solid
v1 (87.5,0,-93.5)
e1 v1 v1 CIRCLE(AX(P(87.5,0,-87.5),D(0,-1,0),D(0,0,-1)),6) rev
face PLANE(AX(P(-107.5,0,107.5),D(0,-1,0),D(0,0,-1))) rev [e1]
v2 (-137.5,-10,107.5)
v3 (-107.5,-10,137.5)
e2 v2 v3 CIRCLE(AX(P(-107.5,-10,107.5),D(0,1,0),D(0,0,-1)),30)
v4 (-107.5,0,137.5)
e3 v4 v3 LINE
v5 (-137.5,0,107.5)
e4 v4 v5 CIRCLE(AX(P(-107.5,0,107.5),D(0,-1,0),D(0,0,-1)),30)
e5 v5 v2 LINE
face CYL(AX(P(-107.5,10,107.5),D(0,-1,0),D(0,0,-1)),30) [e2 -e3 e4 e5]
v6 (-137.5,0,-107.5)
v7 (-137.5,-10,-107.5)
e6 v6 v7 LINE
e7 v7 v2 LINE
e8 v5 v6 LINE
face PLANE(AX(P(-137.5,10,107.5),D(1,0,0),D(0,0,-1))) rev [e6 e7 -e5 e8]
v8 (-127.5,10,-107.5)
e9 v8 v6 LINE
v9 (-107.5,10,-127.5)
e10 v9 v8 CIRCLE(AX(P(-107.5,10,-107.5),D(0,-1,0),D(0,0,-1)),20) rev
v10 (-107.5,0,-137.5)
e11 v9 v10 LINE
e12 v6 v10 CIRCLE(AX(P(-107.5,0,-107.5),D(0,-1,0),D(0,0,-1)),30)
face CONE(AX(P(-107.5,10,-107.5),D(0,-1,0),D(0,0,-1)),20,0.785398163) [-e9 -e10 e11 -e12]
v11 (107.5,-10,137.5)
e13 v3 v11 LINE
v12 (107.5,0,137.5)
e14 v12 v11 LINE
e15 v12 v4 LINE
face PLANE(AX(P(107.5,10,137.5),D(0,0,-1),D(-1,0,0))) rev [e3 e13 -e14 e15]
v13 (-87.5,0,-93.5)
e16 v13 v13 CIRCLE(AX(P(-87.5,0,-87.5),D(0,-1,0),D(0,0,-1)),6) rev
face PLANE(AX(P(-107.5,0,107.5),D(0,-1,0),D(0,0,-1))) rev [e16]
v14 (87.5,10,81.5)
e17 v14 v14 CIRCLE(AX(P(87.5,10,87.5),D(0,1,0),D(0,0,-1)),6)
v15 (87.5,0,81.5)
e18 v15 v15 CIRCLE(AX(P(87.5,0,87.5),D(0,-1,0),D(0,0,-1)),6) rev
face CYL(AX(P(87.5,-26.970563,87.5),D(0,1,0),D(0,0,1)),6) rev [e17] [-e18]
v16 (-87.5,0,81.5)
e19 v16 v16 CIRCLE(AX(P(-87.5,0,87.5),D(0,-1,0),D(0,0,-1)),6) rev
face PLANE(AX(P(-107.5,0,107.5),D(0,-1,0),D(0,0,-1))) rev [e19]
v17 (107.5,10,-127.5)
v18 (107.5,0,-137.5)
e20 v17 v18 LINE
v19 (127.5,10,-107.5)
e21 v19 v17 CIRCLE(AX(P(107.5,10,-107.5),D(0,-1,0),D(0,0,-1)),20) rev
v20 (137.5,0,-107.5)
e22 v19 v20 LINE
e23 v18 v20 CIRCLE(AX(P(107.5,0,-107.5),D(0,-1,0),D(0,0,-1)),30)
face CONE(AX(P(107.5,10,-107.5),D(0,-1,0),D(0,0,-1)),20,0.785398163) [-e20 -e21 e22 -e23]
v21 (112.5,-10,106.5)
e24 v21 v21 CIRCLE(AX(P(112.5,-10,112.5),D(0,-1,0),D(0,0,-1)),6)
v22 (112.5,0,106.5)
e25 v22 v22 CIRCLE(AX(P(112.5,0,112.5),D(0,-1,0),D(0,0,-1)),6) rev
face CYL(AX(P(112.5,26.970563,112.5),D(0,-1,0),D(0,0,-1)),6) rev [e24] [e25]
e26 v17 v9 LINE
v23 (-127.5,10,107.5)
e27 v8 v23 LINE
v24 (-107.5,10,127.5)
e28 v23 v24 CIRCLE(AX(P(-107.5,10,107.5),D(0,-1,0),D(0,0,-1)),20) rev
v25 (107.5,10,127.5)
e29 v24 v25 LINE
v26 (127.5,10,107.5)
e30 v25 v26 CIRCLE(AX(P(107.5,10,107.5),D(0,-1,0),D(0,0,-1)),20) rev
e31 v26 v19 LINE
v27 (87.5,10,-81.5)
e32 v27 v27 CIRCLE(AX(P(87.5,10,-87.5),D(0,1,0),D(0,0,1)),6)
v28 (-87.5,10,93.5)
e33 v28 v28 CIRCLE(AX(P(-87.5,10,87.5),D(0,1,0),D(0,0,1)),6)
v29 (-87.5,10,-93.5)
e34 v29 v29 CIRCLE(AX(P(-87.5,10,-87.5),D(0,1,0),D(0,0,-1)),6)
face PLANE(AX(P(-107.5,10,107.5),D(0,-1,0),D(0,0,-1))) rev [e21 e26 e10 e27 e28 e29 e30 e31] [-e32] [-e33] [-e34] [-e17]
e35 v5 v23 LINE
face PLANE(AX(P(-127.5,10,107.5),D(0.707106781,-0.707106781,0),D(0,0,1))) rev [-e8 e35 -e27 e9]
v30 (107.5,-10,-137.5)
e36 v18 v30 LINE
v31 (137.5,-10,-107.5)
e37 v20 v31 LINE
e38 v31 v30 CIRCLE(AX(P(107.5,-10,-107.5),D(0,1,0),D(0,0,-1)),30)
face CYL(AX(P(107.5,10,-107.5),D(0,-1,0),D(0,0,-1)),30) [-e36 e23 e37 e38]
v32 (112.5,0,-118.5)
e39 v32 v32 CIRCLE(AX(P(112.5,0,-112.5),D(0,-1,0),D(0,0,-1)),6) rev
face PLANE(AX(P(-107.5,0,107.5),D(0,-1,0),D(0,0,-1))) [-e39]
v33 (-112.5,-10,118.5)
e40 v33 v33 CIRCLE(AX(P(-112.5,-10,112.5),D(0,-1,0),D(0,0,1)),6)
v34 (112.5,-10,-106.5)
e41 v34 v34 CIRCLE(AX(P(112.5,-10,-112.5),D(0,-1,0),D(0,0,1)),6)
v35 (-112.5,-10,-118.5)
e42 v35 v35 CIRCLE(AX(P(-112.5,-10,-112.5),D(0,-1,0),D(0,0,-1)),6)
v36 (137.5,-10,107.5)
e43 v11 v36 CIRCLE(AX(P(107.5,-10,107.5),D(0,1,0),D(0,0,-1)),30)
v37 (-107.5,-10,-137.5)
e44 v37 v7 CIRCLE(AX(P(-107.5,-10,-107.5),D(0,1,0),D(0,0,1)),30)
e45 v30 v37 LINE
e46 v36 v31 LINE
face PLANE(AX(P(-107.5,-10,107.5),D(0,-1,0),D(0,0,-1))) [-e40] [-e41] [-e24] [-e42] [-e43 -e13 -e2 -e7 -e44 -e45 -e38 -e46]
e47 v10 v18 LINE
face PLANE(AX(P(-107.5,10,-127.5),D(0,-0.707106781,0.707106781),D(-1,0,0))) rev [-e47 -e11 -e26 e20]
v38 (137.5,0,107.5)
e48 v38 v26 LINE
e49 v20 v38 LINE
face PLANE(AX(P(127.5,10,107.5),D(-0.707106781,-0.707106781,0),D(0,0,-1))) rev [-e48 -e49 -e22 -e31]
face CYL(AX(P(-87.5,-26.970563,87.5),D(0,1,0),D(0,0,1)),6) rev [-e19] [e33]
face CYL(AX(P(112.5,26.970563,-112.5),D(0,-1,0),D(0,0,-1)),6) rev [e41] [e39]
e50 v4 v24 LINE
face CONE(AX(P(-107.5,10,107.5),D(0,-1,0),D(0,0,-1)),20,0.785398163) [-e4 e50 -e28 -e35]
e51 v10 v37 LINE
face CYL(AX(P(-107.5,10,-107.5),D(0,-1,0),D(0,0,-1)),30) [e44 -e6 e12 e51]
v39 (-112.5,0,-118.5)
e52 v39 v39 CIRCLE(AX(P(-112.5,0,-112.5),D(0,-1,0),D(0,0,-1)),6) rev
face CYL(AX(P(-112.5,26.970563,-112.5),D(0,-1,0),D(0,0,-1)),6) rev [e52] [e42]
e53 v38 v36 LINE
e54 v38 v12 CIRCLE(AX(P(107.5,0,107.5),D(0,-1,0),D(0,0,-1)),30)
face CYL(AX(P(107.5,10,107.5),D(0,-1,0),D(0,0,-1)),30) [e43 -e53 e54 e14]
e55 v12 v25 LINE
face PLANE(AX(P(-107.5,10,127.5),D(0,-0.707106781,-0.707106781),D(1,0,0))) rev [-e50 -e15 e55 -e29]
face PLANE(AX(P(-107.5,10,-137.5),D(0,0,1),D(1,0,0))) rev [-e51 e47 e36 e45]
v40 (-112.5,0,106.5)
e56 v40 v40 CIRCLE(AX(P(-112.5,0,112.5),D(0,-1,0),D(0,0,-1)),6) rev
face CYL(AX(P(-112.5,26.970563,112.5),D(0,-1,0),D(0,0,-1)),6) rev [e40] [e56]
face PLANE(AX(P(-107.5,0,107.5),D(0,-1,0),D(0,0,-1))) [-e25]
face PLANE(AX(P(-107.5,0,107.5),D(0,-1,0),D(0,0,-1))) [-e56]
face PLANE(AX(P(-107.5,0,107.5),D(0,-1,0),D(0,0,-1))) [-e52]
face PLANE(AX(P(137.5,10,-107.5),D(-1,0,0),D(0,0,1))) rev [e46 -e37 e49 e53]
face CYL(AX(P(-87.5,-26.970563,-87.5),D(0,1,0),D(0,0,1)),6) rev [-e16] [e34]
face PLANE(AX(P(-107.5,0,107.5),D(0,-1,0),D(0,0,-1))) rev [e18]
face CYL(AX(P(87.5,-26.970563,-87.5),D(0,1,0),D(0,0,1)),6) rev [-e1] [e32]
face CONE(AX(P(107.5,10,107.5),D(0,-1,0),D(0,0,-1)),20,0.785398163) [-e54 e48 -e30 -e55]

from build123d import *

# Parameters (mm, degrees)
BOSS_EXTRUDE1_DEPTH = 10
CHAMFER1_SIZE       = 10
SKETCH2_R           = 6
CUT_EXTRUDE1_DEPTH  = 10
SKETCH3_R           = 6
CUT_EXTRUDE2_DEPTH  = 10


with BuildPart() as part:
    # Sketch1 → Boss-Extrude1 (new, symmetric)
    with BuildSketch(Plane(origin=(0, 0, 0), x_dir=(1, 0, 0), z_dir=(0, 1, 0))):
        with BuildLine():
            Line((-107.5, 137.5), (107.5, 137.5))
            ThreePointArc((107.5, 137.5), (128.713203436, 128.713203436), (137.5, 107.5))
            Line((137.5, 107.5), (137.5, -107.5))
            ThreePointArc((137.5, -107.5), (128.713203436, -128.713203436), (107.5, -137.5))
            Line((107.5, -137.5), (-107.5, -137.5))
            ThreePointArc((-107.5, -137.5), (-128.713203436, -128.713203436), (-137.5, -107.5))
            Line((-137.5, -107.5), (-137.5, 107.5))
            ThreePointArc((-137.5, 107.5), (-128.713203436, 128.713203436), (-107.5, 137.5))
        make_face()
    extrude(amount=BOSS_EXTRUDE1_DEPTH, both=True)

    # Chamfer1
    chamfer1_edges = [part.edges().sort_by_distance(p)[0] for p in [
        (128.713203436, 10, 128.713203436),
        (137.5, 10, 0),
        (128.713203436, 10, -128.713203436),
        (0, 10, -137.5),
        (-128.713203436, 10, -128.713203436),
        (-137.5, 10, 0),
        (-128.713203436, 10, 128.713203436),
        (0, 10, 137.5),
    ]]
    chamfer(chamfer1_edges, length=CHAMFER1_SIZE)

    # Sketch2 → Cut-Extrude1 (cut)
    with BuildSketch(Plane(origin=(0, 10, 0), x_dir=(1, 0, 0), z_dir=(0, 1, 0))):
        with Locations(Location((87.5, 87.5, 0), (0, 0, 270))):
            Circle(SKETCH2_R)
        with Locations(Location((-87.5, 87.5, 0), (0, 0, 90))):
            Circle(SKETCH2_R)
        with Locations(Location((87.5, -87.5, 0), (0, 0, 90))):
            Circle(SKETCH2_R)
        with Locations(Location((-87.5, -87.5, 0), (0, 0, 270))):
            Circle(SKETCH2_R)
    extrude(amount=-CUT_EXTRUDE1_DEPTH, mode=Mode.SUBTRACT)

    # Sketch3 → Cut-Extrude2 (cut)
    with BuildSketch(Plane.XZ.offset(10)):
        with Locations(Location((112.5, 112.5, 0), (0, 0, 270))):
            Circle(SKETCH3_R)
        with Locations(Location((-112.5, 112.5, 0), (0, 0, 270))):
            Circle(SKETCH3_R)
        with Locations(Location((112.5, -112.5, 0), (0, 0, 270))):
            Circle(SKETCH3_R)
        with Locations(Location((-112.5, -112.5, 0), (0, 0, 270))):
            Circle(SKETCH3_R)
    extrude(amount=-CUT_EXTRUDE2_DEPTH, mode=Mode.SUBTRACT)


solid = part.part
